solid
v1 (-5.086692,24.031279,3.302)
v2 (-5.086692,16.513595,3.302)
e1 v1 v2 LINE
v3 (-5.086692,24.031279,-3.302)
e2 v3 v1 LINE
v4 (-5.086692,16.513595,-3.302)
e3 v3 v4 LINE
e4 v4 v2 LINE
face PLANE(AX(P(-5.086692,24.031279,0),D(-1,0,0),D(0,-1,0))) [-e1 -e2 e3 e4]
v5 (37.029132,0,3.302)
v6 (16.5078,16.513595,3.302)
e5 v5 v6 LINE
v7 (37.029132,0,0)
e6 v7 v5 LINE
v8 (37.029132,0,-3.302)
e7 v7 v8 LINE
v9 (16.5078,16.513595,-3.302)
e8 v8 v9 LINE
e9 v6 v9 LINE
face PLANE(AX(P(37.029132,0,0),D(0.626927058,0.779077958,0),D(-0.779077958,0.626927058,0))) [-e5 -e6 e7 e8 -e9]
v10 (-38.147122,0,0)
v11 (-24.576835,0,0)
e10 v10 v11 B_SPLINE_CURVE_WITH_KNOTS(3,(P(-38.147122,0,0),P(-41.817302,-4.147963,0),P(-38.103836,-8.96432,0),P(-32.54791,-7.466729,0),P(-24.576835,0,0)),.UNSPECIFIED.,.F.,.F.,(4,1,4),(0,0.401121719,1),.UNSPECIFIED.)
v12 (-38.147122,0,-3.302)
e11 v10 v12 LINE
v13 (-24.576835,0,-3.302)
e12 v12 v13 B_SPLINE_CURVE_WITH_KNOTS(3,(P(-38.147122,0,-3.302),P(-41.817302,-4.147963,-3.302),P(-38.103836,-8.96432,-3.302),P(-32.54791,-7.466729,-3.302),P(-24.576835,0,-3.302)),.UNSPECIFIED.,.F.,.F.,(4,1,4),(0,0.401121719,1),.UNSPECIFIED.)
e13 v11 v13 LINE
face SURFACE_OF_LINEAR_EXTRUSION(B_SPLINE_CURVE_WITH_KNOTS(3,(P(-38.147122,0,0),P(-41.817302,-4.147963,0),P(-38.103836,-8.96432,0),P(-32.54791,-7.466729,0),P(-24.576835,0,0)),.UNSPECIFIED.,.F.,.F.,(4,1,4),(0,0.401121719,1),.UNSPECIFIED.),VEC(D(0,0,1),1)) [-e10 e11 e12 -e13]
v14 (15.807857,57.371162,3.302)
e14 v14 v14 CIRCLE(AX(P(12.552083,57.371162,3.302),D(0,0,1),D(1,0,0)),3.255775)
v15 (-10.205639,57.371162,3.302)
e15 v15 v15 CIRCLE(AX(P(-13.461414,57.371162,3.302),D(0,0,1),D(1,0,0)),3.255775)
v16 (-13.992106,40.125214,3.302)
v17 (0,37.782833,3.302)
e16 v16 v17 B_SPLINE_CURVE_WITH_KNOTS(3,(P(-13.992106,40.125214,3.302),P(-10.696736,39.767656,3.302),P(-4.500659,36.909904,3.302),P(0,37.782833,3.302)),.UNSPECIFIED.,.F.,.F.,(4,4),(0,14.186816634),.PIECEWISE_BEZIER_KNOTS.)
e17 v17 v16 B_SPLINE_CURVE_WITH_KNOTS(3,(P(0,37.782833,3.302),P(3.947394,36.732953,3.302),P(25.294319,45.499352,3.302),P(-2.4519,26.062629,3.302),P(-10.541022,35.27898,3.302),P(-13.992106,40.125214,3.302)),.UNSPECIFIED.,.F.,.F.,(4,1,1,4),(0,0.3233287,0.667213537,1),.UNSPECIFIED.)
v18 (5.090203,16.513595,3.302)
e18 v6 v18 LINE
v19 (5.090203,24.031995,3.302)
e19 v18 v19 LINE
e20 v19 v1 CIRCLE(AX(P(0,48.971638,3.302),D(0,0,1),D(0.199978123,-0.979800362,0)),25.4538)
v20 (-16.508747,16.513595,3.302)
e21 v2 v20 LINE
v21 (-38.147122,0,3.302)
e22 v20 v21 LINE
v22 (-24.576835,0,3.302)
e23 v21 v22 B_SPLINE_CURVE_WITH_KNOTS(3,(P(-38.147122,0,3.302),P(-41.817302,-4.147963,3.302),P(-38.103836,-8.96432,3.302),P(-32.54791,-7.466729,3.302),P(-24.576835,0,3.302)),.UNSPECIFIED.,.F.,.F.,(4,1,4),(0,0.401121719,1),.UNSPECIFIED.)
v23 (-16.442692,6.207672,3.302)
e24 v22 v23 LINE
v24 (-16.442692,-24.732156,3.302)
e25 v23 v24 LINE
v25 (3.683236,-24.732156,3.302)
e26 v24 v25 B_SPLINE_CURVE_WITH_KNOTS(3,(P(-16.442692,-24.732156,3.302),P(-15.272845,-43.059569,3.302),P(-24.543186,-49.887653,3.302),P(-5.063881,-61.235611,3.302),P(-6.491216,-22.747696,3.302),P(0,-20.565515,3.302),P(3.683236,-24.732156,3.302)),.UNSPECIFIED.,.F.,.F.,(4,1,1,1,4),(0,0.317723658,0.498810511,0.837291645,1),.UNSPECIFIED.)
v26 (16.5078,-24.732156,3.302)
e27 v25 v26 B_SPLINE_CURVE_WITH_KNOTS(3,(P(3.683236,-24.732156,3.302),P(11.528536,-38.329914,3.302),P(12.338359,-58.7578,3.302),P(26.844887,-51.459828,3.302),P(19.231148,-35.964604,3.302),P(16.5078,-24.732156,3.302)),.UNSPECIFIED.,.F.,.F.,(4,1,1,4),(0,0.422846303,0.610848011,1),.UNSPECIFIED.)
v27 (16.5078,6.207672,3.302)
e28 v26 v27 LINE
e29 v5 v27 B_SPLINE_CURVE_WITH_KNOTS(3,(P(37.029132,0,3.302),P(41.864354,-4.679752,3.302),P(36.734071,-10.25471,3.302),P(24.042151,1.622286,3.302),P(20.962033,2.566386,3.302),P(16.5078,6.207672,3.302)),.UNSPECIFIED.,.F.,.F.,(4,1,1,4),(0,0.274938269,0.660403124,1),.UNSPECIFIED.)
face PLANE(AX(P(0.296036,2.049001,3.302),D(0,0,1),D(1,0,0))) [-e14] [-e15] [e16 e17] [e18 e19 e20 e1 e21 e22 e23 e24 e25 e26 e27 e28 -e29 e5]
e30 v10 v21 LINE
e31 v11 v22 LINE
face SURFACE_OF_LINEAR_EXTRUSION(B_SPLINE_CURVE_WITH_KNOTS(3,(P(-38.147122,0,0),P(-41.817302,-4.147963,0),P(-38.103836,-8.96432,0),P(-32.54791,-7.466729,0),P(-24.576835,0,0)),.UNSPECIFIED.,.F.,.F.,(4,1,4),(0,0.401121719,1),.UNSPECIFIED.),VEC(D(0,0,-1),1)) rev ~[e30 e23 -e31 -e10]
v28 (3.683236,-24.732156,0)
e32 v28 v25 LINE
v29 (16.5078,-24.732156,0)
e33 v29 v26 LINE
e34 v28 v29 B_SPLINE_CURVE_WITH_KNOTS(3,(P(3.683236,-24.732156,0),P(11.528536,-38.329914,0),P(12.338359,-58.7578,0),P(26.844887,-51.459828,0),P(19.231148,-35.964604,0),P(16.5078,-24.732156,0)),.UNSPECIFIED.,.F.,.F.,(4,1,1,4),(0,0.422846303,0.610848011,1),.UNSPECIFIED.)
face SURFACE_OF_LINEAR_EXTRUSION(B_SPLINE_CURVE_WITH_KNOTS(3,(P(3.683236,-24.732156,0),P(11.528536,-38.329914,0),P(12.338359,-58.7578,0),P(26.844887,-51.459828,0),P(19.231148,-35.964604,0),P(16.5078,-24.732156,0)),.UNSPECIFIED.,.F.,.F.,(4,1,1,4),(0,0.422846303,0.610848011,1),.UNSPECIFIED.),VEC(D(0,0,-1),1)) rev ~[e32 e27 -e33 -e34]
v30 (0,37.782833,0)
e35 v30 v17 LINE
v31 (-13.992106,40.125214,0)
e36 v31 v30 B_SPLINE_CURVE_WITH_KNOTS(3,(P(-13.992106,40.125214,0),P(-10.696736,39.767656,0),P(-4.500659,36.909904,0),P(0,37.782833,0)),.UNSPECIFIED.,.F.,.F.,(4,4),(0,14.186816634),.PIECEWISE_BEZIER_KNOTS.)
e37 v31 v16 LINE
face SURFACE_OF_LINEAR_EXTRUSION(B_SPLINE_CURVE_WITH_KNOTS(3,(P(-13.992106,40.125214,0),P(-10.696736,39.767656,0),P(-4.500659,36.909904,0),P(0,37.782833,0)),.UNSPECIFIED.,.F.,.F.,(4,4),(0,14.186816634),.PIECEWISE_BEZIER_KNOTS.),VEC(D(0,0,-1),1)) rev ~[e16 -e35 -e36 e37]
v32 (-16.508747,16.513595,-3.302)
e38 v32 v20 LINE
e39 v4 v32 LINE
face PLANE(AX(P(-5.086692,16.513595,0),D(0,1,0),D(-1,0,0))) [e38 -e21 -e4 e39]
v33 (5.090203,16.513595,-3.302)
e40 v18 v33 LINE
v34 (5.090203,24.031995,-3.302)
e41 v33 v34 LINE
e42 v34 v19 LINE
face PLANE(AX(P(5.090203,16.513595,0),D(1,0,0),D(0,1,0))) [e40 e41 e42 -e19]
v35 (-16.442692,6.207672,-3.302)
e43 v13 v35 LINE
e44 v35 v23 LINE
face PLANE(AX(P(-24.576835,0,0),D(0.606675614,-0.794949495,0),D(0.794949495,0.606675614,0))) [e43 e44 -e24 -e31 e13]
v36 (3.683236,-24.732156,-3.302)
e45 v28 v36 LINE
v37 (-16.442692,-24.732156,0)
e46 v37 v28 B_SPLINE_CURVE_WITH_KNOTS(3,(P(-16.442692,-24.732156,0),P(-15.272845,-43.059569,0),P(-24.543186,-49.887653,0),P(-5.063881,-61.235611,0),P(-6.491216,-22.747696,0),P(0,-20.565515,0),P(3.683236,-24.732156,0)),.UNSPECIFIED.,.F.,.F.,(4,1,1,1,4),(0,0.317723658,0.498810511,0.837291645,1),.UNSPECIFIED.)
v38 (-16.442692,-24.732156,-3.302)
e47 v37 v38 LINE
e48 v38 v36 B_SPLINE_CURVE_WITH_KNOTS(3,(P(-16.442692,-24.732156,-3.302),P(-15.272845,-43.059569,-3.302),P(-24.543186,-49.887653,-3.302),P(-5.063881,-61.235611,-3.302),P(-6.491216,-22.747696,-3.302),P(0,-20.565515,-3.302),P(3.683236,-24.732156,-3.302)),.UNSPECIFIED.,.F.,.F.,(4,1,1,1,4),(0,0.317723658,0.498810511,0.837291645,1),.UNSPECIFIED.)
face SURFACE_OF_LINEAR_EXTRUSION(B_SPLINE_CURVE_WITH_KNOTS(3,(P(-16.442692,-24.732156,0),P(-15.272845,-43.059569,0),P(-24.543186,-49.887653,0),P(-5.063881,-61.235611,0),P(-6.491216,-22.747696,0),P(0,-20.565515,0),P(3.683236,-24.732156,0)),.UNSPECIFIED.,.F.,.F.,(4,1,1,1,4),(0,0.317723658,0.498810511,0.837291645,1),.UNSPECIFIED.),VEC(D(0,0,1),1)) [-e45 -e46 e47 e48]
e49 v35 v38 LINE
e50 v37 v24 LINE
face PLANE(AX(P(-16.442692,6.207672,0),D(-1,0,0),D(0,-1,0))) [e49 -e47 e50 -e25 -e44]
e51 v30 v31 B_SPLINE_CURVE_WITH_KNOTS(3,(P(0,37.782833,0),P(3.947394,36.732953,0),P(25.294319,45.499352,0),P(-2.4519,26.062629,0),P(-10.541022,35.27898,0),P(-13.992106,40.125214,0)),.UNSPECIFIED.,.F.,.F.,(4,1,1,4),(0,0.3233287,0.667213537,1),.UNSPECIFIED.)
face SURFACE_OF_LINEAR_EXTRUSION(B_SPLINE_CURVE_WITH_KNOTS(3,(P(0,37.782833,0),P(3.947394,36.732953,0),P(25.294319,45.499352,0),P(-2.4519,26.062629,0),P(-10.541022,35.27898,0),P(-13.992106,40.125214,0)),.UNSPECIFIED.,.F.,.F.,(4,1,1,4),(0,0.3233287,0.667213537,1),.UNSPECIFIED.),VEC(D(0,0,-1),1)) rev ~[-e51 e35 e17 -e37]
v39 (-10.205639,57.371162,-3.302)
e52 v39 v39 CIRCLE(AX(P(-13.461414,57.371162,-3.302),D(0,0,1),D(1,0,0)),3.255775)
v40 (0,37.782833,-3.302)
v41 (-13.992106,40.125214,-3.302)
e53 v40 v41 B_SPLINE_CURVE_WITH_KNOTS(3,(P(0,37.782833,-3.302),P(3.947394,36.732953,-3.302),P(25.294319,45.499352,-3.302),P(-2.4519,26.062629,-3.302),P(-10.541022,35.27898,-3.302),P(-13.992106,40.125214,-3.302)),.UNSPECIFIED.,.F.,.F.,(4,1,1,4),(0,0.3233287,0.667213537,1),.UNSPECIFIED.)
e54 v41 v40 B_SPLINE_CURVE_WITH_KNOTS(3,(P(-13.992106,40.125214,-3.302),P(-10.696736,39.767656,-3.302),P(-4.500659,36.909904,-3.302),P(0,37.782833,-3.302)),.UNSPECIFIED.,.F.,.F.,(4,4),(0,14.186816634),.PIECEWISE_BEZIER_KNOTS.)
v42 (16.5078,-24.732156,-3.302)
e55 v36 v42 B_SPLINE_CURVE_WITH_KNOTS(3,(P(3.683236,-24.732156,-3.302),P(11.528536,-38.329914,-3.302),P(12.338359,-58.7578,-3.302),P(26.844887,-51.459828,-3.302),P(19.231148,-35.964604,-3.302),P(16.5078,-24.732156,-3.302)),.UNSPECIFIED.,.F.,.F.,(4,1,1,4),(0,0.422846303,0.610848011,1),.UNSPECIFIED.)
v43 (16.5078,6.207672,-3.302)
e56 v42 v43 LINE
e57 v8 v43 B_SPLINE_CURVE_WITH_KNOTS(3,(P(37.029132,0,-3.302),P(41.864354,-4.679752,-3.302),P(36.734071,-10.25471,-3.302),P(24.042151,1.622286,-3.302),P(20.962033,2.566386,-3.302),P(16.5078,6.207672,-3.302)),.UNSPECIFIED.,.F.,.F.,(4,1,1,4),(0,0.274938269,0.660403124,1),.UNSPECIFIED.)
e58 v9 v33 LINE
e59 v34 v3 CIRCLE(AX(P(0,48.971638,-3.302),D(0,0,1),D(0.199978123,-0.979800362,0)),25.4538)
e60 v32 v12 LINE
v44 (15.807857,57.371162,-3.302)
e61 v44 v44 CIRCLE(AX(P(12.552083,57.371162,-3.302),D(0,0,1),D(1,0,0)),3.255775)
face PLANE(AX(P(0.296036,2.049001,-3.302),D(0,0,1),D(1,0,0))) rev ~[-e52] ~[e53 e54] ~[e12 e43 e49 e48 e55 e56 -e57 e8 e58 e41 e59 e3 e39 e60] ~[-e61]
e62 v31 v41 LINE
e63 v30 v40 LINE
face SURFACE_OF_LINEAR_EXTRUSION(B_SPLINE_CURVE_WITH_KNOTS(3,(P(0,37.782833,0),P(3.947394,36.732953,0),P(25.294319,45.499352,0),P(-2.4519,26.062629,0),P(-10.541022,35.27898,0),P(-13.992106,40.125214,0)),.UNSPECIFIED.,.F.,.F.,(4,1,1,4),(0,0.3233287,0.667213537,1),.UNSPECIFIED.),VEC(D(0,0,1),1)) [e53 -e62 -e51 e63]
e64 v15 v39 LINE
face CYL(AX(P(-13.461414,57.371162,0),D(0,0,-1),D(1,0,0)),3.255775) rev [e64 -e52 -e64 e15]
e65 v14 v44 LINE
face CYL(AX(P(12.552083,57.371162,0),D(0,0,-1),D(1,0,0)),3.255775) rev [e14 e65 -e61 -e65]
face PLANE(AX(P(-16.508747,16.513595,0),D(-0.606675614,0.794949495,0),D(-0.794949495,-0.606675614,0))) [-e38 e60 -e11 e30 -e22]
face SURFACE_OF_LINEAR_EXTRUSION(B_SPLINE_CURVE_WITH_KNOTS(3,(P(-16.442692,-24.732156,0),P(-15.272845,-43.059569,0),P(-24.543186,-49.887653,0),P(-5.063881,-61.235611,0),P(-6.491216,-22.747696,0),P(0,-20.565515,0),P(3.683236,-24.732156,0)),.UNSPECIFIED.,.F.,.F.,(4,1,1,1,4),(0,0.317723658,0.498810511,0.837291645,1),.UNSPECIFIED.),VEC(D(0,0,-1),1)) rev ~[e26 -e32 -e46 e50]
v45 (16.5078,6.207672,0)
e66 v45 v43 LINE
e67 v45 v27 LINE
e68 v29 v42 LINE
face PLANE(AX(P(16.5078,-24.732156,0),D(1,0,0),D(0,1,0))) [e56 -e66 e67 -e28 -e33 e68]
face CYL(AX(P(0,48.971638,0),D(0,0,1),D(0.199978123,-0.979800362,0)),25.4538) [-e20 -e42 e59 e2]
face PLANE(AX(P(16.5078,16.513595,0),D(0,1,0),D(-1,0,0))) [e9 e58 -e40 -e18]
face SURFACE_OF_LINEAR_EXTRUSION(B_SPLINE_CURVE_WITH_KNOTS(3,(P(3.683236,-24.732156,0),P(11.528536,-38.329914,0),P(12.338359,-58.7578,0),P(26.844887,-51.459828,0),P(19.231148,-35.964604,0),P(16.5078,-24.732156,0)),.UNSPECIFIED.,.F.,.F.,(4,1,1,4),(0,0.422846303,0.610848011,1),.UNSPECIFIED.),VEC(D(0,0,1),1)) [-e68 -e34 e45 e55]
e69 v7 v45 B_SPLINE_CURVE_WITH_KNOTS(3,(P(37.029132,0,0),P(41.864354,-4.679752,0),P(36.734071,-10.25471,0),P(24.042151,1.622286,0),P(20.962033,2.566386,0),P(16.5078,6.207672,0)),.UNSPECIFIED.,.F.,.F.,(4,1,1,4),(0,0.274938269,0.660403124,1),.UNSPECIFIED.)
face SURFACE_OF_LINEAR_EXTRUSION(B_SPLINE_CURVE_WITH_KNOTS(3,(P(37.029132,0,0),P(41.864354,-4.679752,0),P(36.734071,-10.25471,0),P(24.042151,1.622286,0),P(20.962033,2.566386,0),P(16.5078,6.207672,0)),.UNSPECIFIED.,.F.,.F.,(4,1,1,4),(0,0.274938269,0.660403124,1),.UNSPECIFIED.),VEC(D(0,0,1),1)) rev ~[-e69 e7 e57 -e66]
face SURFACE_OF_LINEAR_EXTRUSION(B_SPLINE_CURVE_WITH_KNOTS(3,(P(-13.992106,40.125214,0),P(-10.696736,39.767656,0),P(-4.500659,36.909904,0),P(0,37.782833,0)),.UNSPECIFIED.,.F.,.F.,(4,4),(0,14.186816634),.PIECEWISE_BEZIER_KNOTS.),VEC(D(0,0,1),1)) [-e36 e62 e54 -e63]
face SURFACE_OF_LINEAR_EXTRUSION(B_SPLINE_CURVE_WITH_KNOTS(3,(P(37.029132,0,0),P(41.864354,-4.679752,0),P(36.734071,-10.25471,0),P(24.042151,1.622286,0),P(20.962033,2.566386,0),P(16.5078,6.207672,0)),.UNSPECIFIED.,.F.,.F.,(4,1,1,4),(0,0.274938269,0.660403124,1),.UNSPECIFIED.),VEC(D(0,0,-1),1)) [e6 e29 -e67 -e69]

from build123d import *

# Parameters (mm, degrees)
F0_R     = 3.2557747271
F1_DEPTH = 3.302


with BuildPart() as f1:
    # F0 (on Top) → F1 (new body, symmetric)
    with BuildSketch(Plane.XY):
        with BuildLine():
            Line((5.0902032033, 16.5135953575), (5.0902032033, 24.0319953575))
            ThreePointArc((5.0902032033, 24.0319953575), (-0.0017916206, 74.4254382859), (-5.0866922917, 24.0312790348))
            Line((-5.0866922917, 24.0312790348), (-5.0866922917, 16.5135953575))
            Line((-5.0866922917, 16.5135953575), (-16.5087468922, 16.5135953575))
            Line((-16.5087468922, 16.5135953575), (-38.1471216679, 0))
            add(Edge.make_bspline(
                [(-38.1471216679, 0), (-41.8173019866, -4.1479634152), (-38.1038363991, -8.9643203868), (-32.5479097664, -7.466728799), (-24.5768346702, 0)],
                knots=[0, 0, 0, 0, 0.4011217193, 1, 1, 1, 1], degree=3))
            Line((-24.5768346702, 0), (-16.4426919073, 6.2076724134))
            Line((-16.4426919073, 6.2076724134), (-16.4426919073, -24.7321557254))
            add(Edge.make_bspline(
                [(-16.4426919073, -24.7321557254), (-15.2728445828, -43.0595688522), (-24.543186495, -49.8876527125), (-5.0638806577, -61.2356108164), (-6.4912155804, -22.7476959147), (0, -20.5655153841), (3.6832357291, -24.7321557254)],
                knots=[0, 0, 0, 0, 0.3177236577, 0.4988105107, 0.8372916449, 1, 1, 1, 1], degree=3))
            add(Edge.make_bspline(
                [(3.6832357291, -24.7321557254), (11.528535746, -38.3299142122), (12.3383591137, -58.7577995665), (26.8448871782, -51.4598281753), (19.2311480641, -35.9646044672), (16.5078004939, -24.7321557254)],
                knots=[0, 0, 0, 0, 0.4228463026, 0.6108480109, 1, 1, 1, 1], degree=3))
            Line((16.5078004939, -24.7321557254), (16.5078004939, 6.2076724134))
            add(Edge.make_bspline(
                [(37.029132247, 0), (41.8643541634, -4.6797520481), (36.7340706254, -10.2547104205), (24.0421511033, 1.6222858886), (20.9620334208, 2.5663857814), (16.5078004939, 6.2076724134)],
                knots=[0, 0, 0, 0, 0.2749382686, 0.6604031241, 1, 1, 1, 1], degree=3))
            Line((37.029132247, 0), (16.5078004939, 16.5135953575))
            Line((16.5078004939, 16.5135953575), (5.0902032033, 16.5135953575))
        make_face()
        with Locations((-13.4614137933, 57.3711618781)):
            Circle(F0_R, mode=Mode.SUBTRACT)
        with BuildLine():
            add(Edge.make_bspline(
                [(0, 37.7828329802), (3.9473944344, 36.7329530418), (25.2943186682, 45.4993517341), (-2.451900255, 26.0626289111), (-10.5410218239, 35.2789796889), (-13.9921056107, 40.1252135634)],
                knots=[0, 0, 0, 0, 0.3233287002, 0.6672135368, 1, 1, 1, 1], degree=3))
            add(Edge.make_bspline(
                [(-13.9921056107, 40.1252135634), (-10.6967361644, 39.7676564753), (-4.500658717, 36.909904331), (0, 37.7828329802)],
                knots=[0, 0, 0, 0, 14.1868166344, 14.1868166344, 14.1868166344, 14.1868166344], degree=3))
        make_face(mode=Mode.SUBTRACT)
        with Locations((12.5520825386, 57.3711618781)):
            Circle(F0_R, mode=Mode.SUBTRACT)
    extrude(amount=F1_DEPTH, both=True)


solid = f1.part
